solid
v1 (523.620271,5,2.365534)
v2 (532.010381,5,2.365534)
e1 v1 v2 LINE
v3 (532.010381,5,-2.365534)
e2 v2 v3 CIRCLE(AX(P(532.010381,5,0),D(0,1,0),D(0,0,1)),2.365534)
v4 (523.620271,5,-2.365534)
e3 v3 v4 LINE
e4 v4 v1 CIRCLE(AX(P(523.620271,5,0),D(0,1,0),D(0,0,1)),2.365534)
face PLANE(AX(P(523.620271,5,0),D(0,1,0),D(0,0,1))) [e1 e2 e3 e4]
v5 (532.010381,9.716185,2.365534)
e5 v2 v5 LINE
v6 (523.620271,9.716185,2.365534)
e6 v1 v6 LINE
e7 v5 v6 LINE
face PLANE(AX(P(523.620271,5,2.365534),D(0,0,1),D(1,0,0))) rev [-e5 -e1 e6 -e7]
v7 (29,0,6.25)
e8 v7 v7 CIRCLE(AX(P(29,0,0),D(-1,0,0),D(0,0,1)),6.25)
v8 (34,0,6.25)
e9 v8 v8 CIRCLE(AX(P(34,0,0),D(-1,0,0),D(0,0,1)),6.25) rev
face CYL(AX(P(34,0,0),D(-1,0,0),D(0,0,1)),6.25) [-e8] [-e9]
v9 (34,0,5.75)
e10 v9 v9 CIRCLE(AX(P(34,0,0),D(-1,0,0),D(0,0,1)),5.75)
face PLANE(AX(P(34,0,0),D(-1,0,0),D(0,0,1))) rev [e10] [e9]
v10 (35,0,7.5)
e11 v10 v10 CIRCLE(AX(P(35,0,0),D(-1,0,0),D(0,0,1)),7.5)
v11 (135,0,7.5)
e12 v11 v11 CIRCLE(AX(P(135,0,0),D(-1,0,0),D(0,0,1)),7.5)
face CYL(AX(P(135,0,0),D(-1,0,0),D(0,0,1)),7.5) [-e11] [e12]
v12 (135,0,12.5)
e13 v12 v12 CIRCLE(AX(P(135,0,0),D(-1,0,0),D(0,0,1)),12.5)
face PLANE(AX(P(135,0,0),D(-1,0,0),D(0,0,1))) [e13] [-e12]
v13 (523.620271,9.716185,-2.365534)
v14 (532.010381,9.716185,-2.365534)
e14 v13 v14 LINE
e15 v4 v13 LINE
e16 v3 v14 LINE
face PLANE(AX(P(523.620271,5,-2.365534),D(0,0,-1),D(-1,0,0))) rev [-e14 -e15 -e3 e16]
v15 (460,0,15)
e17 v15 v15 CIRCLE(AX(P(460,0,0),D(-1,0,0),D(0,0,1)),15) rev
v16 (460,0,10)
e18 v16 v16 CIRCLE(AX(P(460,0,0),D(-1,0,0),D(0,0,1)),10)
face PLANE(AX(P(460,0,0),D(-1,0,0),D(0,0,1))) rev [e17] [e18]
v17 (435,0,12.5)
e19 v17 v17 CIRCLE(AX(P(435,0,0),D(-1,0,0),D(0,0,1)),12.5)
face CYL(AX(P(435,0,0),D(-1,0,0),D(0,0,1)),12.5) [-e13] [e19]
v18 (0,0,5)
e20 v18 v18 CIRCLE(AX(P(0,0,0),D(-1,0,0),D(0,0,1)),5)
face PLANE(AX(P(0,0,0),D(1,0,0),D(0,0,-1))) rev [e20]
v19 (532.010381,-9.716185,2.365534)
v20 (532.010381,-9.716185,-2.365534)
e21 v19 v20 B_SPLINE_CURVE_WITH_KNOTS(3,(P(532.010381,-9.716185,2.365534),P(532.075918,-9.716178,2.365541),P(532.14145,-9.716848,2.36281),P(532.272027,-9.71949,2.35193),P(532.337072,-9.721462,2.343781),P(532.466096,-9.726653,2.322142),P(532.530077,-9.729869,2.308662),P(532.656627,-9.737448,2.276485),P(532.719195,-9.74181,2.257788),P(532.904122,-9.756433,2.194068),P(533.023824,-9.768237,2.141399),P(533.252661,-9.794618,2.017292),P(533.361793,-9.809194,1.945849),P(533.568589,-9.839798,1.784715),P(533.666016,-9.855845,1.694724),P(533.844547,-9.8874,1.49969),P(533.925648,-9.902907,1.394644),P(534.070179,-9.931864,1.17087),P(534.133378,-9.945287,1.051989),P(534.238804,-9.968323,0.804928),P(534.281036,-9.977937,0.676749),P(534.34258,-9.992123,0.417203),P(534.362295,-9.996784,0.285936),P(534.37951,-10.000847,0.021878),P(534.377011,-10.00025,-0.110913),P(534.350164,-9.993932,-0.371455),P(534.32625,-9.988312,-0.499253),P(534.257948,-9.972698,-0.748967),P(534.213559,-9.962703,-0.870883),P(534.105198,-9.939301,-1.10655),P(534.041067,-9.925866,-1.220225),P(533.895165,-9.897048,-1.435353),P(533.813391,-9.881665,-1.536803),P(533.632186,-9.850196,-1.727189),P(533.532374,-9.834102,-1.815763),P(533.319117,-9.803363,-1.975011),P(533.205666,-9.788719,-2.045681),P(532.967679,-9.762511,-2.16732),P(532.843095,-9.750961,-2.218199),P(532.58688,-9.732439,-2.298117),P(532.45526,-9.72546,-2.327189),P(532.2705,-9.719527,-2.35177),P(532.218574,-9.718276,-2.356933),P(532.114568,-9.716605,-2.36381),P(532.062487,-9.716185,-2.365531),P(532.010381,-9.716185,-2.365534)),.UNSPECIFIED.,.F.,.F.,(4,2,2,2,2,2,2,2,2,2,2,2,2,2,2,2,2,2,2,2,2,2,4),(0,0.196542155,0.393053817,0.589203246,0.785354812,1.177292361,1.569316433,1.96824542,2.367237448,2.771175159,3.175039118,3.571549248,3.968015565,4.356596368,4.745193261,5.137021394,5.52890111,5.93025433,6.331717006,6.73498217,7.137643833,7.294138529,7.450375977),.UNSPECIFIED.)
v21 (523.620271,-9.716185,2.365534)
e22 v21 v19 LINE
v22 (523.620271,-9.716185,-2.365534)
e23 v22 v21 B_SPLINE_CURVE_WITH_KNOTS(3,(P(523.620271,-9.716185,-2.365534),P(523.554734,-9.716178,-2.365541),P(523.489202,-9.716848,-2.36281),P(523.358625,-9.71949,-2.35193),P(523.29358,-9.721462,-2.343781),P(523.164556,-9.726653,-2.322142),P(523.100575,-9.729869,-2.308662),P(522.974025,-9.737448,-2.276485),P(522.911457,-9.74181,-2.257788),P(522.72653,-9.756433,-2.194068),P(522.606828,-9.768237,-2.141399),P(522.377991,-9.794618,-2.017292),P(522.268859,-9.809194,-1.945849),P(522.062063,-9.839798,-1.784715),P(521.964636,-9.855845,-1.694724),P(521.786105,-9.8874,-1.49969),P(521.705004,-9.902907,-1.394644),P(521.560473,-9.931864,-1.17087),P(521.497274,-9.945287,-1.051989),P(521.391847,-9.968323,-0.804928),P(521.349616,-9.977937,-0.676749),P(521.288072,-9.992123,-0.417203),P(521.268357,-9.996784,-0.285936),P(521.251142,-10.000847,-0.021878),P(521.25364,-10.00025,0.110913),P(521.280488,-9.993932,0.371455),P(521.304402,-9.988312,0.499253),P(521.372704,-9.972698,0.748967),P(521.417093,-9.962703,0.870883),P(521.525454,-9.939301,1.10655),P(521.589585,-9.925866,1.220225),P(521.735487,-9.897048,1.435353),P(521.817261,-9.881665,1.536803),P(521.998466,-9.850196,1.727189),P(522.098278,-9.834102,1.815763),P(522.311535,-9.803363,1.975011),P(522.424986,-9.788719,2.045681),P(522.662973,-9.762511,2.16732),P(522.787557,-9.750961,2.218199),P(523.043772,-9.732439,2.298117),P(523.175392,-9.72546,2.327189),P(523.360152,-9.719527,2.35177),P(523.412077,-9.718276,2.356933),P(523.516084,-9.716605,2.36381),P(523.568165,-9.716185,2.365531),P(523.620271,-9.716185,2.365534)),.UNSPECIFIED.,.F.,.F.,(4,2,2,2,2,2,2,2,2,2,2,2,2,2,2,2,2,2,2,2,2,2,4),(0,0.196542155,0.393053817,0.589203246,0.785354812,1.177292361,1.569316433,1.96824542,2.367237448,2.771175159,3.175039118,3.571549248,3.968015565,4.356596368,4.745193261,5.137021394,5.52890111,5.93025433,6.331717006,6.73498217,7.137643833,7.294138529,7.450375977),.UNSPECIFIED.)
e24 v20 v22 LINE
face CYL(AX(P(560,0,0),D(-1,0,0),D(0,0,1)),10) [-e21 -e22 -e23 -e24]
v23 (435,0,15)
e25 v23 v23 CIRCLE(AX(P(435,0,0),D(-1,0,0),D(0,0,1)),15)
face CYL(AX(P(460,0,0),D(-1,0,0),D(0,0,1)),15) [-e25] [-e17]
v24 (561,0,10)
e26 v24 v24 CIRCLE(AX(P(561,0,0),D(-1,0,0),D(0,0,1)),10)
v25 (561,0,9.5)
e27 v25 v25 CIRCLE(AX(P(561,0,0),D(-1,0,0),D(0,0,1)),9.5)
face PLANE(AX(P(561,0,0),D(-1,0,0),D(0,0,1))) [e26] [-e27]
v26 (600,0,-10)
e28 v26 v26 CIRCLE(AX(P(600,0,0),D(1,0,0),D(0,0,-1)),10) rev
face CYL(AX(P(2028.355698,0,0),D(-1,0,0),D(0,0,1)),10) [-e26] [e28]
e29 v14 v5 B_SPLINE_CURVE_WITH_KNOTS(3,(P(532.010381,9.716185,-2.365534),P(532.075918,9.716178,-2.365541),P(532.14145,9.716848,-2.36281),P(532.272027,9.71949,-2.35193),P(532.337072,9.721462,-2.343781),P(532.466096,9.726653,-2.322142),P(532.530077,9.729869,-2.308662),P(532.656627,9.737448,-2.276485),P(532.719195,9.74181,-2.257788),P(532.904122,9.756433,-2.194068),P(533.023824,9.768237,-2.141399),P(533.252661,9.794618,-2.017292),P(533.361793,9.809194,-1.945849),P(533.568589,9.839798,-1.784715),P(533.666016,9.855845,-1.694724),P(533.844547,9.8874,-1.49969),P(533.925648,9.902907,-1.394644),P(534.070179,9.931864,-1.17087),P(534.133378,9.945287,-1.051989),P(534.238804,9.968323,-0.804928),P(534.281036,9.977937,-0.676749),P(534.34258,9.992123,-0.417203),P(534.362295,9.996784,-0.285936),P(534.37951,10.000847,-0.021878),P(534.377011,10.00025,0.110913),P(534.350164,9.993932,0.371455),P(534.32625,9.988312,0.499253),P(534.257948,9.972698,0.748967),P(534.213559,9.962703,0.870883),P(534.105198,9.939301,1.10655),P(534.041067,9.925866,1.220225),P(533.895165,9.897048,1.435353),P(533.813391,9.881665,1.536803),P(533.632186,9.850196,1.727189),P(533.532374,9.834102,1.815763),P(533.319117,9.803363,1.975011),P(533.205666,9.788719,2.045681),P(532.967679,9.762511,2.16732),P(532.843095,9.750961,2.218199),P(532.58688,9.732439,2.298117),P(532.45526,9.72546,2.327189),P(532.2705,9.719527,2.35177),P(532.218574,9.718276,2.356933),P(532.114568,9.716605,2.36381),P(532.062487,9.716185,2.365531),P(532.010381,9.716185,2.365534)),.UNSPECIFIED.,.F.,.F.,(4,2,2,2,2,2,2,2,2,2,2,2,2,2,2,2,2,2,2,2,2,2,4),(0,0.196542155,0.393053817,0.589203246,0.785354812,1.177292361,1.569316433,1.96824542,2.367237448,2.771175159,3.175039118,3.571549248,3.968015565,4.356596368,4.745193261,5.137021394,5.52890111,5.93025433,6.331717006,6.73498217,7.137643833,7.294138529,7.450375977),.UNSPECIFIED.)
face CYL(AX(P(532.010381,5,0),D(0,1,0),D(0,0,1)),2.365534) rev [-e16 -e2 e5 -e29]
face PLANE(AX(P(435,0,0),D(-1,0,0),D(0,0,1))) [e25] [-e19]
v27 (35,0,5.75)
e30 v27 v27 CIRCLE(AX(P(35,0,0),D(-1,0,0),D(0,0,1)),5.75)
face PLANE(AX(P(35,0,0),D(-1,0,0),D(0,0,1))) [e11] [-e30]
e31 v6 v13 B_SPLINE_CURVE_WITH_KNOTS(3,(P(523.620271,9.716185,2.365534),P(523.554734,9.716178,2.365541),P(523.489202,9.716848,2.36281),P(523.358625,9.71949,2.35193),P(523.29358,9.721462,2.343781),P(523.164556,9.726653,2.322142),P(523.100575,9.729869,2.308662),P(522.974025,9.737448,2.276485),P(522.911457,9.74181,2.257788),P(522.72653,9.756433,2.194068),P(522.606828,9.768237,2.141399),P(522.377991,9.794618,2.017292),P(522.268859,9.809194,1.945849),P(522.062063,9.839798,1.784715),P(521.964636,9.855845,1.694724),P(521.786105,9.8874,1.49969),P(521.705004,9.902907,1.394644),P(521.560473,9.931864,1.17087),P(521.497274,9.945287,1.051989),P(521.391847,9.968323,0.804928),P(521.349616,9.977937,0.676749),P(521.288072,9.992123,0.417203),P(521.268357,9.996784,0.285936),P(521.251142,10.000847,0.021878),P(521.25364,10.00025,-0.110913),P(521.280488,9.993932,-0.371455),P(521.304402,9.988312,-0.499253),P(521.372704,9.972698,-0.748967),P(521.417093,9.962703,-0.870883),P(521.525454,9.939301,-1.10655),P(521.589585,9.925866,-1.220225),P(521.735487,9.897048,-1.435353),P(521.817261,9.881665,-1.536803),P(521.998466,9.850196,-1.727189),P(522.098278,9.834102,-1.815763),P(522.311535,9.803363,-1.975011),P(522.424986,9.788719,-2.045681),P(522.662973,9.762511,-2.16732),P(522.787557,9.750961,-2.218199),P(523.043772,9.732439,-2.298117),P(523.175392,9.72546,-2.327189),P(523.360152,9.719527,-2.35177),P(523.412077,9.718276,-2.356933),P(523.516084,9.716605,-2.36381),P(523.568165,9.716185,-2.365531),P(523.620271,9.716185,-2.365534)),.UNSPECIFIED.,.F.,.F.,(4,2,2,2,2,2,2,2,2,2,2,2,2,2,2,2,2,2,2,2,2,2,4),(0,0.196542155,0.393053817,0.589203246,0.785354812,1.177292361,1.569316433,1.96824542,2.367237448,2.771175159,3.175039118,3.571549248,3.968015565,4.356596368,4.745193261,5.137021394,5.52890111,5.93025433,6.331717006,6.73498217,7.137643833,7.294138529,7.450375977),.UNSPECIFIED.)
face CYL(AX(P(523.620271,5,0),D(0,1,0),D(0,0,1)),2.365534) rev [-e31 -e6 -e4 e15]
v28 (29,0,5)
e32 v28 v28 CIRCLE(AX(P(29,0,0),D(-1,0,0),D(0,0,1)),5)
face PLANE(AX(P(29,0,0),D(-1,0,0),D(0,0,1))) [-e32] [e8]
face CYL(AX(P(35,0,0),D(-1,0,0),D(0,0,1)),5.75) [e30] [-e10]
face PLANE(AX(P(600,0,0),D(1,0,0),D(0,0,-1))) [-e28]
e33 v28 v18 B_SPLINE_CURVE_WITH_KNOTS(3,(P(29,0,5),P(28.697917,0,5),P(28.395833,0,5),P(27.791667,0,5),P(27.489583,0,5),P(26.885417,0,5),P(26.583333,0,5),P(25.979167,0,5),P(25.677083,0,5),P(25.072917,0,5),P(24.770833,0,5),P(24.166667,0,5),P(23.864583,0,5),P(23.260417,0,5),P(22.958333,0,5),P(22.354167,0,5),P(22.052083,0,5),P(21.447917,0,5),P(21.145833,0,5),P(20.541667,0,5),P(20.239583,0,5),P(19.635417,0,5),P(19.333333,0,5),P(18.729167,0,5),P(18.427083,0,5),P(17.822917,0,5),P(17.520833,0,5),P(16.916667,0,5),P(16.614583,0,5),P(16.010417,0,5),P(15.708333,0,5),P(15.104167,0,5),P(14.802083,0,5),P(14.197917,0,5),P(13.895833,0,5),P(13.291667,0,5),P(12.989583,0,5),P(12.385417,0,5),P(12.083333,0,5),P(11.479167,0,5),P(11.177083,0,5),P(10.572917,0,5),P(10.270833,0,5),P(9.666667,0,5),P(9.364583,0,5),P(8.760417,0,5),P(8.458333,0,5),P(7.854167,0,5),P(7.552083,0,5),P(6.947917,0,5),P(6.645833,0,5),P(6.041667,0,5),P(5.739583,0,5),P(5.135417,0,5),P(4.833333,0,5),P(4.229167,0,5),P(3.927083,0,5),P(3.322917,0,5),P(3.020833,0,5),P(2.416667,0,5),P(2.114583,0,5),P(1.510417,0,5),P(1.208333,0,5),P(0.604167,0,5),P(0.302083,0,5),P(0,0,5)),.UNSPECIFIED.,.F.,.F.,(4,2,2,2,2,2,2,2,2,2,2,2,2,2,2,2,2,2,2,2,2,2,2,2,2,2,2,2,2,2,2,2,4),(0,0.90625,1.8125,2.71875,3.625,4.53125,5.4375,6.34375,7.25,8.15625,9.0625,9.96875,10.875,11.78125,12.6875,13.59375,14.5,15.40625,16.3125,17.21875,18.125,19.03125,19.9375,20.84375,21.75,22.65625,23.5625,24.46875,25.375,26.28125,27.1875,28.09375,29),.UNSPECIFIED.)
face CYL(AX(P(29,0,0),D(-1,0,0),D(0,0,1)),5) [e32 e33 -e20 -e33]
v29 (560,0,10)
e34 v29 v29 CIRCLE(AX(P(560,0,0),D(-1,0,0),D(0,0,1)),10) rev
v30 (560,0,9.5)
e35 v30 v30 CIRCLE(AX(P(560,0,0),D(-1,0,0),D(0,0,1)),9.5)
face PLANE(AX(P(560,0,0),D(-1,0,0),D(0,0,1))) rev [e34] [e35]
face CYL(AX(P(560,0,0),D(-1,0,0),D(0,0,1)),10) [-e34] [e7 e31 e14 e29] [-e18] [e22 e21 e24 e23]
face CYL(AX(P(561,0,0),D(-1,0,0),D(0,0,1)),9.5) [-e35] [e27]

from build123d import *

# Parameters (mm, degrees)
SKETCH1_R           = 500
BOSS_EXTRUDE1_DEPTH = 600
SKETCH2_OUTSIDE_W   = 1309.246
SKETCH2_OUTSIDE_H   = 1309.246
SKETCH2_OUTSIDE_R   = 5
CUT_EXTRUDE1_DEPTH  = 29
SKETCH3_OUTSIDE_W   = 1309.246
SKETCH3_OUTSIDE_H   = 1309.246
SKETCH3_OUTSIDE_R   = 6.25
CUT_EXTRUDE2_DEPTH  = 5
SKETCH4_OUTSIDE_W   = 1309.246
SKETCH4_OUTSIDE_H   = 1309.246
SKETCH4_OUTSIDE_R   = 5.75
CUT_EXTRUDE3_DEPTH  = 1
SKETCH5_OUTSIDE_W   = 1309.246
SKETCH5_OUTSIDE_H   = 1309.246
SKETCH5_OUTSIDE_R   = 7.5
CUT_EXTRUDE4_DEPTH  = 100
SKETCH6_OUTSIDE_W   = 1309.246
SKETCH6_OUTSIDE_H   = 1309.246
SKETCH6_OUTSIDE_R   = 12.5
CUT_EXTRUDE5_DEPTH  = 300
SKETCH7_OUTSIDE_W   = 1309.246
SKETCH7_OUTSIDE_H   = 1309.246
SKETCH7_OUTSIDE_R   = 15
CUT_EXTRUDE6_DEPTH  = 25
SKETCH8_OUTSIDE_W   = 1309.246
SKETCH8_OUTSIDE_H   = 1309.246
SKETCH8_OUTSIDE_R   = 10
CUT_EXTRUDE7_DEPTH  = 100
SKETCH9_OUTSIDE_W   = 1309.246
SKETCH9_OUTSIDE_H   = 1309.246
SKETCH9_OUTSIDE_R   = 9.5
CUT_EXTRUDE8_DEPTH  = 1
SKETCH10_OUTSIDE_W  = 1309.246
SKETCH10_OUTSIDE_H  = 1309.246
SKETCH10_OUTSIDE_R  = 10
CUT_EXTRUDE10_DEPTH = 39
CUT_EXTRUDE11_DEPTH = 25


with BuildPart() as part:
    # Sketch1 → Boss-Extrude1 (new body)
    with BuildSketch(Plane(origin=(0, 0, 0), x_dir=(0, 0, -1), z_dir=(1, 0, 0))):
        Circle(SKETCH1_R)
    extrude(amount=BOSS_EXTRUDE1_DEPTH)

    # Sketch2 outside → Cut-Extrude1 (cut)
    with BuildSketch(Plane.ZY):
        Rectangle(SKETCH2_OUTSIDE_W, SKETCH2_OUTSIDE_H)
        Circle(SKETCH2_OUTSIDE_R, mode=Mode.SUBTRACT)
    extrude(amount=-CUT_EXTRUDE1_DEPTH, mode=Mode.SUBTRACT)

    # Sketch3 outside → Cut-Extrude2 (cut)
    with BuildSketch(Plane.ZY.offset(-29)):
        Rectangle(SKETCH3_OUTSIDE_W, SKETCH3_OUTSIDE_H)
        Circle(SKETCH3_OUTSIDE_R, mode=Mode.SUBTRACT)
    extrude(amount=-CUT_EXTRUDE2_DEPTH, mode=Mode.SUBTRACT)

    # Sketch4 outside → Cut-Extrude3 (cut)
    with BuildSketch(Plane.ZY.offset(-34)):
        Rectangle(SKETCH4_OUTSIDE_W, SKETCH4_OUTSIDE_H)
        Circle(SKETCH4_OUTSIDE_R, mode=Mode.SUBTRACT)
    extrude(amount=-CUT_EXTRUDE3_DEPTH, mode=Mode.SUBTRACT)

    # Sketch5 outside → Cut-Extrude4 (cut)
    with BuildSketch(Plane.ZY.offset(-35)):
        Rectangle(SKETCH5_OUTSIDE_W, SKETCH5_OUTSIDE_H)
        Circle(SKETCH5_OUTSIDE_R, mode=Mode.SUBTRACT)
    extrude(amount=-CUT_EXTRUDE4_DEPTH, mode=Mode.SUBTRACT)

    # Sketch6 outside → Cut-Extrude5 (cut)
    with BuildSketch(Plane.ZY.offset(-135)):
        Rectangle(SKETCH6_OUTSIDE_W, SKETCH6_OUTSIDE_H)
        Circle(SKETCH6_OUTSIDE_R, mode=Mode.SUBTRACT)
    extrude(amount=-CUT_EXTRUDE5_DEPTH, mode=Mode.SUBTRACT)

    # Sketch7 outside → Cut-Extrude6 (cut)
    with BuildSketch(Plane.ZY.offset(-435)):
        Rectangle(SKETCH7_OUTSIDE_W, SKETCH7_OUTSIDE_H)
        Circle(SKETCH7_OUTSIDE_R, mode=Mode.SUBTRACT)
    extrude(amount=-CUT_EXTRUDE6_DEPTH, mode=Mode.SUBTRACT)

    # Sketch8 outside → Cut-Extrude7 (cut)
    with BuildSketch(Plane.ZY.offset(-460)):
        Rectangle(SKETCH8_OUTSIDE_W, SKETCH8_OUTSIDE_H)
        Circle(SKETCH8_OUTSIDE_R, mode=Mode.SUBTRACT)
    extrude(amount=-CUT_EXTRUDE7_DEPTH, mode=Mode.SUBTRACT)

    # Sketch9 outside → Cut-Extrude8 (cut)
    with BuildSketch(Plane.ZY.offset(-560)):
        Rectangle(SKETCH9_OUTSIDE_W, SKETCH9_OUTSIDE_H)
        Circle(SKETCH9_OUTSIDE_R, mode=Mode.SUBTRACT)
    extrude(amount=-CUT_EXTRUDE8_DEPTH, mode=Mode.SUBTRACT)

    # Sketch10 outside → Cut-Extrude10 (cut)
    with BuildSketch(Plane.ZY.offset(-561)):
        Rectangle(SKETCH10_OUTSIDE_W, SKETCH10_OUTSIDE_H)
        Circle(SKETCH10_OUTSIDE_R, mode=Mode.SUBTRACT)
    extrude(amount=-CUT_EXTRUDE10_DEPTH, mode=Mode.SUBTRACT)

    # Sketch14<3> → Cut-Extrude11 (cut)
    with BuildSketch(Plane(origin=(0, 30, 0), x_dir=(1, 0, 0), z_dir=(0, 1, 0))):
        with BuildLine():
            Line((18.890286749, 1.405946281), (24.942306626, 1.405946281))
            ThreePointArc((24.942306626, 1.405946281), (26.348252906, 0), (24.942306626, -1.405946281))
            Line((24.942306626, -1.405946281), (18.890286749, -1.405946281))
            ThreePointArc((18.890286749, -1.405946281), (17.484340469, 0), (18.890286749, 1.405946281))
        make_face()
        with BuildLine():
            Line((523.62027087, 2.365533558), (532.010381059, 2.365533558))
            ThreePointArc((532.010381059, 2.365533558), (534.375914617, 0), (532.010381059, -2.365533558))
            Line((532.010381059, -2.365533558), (523.62027087, -2.365533558))
            ThreePointArc((523.62027087, -2.365533558), (521.254737312, 0), (523.62027087, 2.365533558))
        make_face()
    extrude(amount=-CUT_EXTRUDE11_DEPTH, mode=Mode.SUBTRACT)


solid = part.part
